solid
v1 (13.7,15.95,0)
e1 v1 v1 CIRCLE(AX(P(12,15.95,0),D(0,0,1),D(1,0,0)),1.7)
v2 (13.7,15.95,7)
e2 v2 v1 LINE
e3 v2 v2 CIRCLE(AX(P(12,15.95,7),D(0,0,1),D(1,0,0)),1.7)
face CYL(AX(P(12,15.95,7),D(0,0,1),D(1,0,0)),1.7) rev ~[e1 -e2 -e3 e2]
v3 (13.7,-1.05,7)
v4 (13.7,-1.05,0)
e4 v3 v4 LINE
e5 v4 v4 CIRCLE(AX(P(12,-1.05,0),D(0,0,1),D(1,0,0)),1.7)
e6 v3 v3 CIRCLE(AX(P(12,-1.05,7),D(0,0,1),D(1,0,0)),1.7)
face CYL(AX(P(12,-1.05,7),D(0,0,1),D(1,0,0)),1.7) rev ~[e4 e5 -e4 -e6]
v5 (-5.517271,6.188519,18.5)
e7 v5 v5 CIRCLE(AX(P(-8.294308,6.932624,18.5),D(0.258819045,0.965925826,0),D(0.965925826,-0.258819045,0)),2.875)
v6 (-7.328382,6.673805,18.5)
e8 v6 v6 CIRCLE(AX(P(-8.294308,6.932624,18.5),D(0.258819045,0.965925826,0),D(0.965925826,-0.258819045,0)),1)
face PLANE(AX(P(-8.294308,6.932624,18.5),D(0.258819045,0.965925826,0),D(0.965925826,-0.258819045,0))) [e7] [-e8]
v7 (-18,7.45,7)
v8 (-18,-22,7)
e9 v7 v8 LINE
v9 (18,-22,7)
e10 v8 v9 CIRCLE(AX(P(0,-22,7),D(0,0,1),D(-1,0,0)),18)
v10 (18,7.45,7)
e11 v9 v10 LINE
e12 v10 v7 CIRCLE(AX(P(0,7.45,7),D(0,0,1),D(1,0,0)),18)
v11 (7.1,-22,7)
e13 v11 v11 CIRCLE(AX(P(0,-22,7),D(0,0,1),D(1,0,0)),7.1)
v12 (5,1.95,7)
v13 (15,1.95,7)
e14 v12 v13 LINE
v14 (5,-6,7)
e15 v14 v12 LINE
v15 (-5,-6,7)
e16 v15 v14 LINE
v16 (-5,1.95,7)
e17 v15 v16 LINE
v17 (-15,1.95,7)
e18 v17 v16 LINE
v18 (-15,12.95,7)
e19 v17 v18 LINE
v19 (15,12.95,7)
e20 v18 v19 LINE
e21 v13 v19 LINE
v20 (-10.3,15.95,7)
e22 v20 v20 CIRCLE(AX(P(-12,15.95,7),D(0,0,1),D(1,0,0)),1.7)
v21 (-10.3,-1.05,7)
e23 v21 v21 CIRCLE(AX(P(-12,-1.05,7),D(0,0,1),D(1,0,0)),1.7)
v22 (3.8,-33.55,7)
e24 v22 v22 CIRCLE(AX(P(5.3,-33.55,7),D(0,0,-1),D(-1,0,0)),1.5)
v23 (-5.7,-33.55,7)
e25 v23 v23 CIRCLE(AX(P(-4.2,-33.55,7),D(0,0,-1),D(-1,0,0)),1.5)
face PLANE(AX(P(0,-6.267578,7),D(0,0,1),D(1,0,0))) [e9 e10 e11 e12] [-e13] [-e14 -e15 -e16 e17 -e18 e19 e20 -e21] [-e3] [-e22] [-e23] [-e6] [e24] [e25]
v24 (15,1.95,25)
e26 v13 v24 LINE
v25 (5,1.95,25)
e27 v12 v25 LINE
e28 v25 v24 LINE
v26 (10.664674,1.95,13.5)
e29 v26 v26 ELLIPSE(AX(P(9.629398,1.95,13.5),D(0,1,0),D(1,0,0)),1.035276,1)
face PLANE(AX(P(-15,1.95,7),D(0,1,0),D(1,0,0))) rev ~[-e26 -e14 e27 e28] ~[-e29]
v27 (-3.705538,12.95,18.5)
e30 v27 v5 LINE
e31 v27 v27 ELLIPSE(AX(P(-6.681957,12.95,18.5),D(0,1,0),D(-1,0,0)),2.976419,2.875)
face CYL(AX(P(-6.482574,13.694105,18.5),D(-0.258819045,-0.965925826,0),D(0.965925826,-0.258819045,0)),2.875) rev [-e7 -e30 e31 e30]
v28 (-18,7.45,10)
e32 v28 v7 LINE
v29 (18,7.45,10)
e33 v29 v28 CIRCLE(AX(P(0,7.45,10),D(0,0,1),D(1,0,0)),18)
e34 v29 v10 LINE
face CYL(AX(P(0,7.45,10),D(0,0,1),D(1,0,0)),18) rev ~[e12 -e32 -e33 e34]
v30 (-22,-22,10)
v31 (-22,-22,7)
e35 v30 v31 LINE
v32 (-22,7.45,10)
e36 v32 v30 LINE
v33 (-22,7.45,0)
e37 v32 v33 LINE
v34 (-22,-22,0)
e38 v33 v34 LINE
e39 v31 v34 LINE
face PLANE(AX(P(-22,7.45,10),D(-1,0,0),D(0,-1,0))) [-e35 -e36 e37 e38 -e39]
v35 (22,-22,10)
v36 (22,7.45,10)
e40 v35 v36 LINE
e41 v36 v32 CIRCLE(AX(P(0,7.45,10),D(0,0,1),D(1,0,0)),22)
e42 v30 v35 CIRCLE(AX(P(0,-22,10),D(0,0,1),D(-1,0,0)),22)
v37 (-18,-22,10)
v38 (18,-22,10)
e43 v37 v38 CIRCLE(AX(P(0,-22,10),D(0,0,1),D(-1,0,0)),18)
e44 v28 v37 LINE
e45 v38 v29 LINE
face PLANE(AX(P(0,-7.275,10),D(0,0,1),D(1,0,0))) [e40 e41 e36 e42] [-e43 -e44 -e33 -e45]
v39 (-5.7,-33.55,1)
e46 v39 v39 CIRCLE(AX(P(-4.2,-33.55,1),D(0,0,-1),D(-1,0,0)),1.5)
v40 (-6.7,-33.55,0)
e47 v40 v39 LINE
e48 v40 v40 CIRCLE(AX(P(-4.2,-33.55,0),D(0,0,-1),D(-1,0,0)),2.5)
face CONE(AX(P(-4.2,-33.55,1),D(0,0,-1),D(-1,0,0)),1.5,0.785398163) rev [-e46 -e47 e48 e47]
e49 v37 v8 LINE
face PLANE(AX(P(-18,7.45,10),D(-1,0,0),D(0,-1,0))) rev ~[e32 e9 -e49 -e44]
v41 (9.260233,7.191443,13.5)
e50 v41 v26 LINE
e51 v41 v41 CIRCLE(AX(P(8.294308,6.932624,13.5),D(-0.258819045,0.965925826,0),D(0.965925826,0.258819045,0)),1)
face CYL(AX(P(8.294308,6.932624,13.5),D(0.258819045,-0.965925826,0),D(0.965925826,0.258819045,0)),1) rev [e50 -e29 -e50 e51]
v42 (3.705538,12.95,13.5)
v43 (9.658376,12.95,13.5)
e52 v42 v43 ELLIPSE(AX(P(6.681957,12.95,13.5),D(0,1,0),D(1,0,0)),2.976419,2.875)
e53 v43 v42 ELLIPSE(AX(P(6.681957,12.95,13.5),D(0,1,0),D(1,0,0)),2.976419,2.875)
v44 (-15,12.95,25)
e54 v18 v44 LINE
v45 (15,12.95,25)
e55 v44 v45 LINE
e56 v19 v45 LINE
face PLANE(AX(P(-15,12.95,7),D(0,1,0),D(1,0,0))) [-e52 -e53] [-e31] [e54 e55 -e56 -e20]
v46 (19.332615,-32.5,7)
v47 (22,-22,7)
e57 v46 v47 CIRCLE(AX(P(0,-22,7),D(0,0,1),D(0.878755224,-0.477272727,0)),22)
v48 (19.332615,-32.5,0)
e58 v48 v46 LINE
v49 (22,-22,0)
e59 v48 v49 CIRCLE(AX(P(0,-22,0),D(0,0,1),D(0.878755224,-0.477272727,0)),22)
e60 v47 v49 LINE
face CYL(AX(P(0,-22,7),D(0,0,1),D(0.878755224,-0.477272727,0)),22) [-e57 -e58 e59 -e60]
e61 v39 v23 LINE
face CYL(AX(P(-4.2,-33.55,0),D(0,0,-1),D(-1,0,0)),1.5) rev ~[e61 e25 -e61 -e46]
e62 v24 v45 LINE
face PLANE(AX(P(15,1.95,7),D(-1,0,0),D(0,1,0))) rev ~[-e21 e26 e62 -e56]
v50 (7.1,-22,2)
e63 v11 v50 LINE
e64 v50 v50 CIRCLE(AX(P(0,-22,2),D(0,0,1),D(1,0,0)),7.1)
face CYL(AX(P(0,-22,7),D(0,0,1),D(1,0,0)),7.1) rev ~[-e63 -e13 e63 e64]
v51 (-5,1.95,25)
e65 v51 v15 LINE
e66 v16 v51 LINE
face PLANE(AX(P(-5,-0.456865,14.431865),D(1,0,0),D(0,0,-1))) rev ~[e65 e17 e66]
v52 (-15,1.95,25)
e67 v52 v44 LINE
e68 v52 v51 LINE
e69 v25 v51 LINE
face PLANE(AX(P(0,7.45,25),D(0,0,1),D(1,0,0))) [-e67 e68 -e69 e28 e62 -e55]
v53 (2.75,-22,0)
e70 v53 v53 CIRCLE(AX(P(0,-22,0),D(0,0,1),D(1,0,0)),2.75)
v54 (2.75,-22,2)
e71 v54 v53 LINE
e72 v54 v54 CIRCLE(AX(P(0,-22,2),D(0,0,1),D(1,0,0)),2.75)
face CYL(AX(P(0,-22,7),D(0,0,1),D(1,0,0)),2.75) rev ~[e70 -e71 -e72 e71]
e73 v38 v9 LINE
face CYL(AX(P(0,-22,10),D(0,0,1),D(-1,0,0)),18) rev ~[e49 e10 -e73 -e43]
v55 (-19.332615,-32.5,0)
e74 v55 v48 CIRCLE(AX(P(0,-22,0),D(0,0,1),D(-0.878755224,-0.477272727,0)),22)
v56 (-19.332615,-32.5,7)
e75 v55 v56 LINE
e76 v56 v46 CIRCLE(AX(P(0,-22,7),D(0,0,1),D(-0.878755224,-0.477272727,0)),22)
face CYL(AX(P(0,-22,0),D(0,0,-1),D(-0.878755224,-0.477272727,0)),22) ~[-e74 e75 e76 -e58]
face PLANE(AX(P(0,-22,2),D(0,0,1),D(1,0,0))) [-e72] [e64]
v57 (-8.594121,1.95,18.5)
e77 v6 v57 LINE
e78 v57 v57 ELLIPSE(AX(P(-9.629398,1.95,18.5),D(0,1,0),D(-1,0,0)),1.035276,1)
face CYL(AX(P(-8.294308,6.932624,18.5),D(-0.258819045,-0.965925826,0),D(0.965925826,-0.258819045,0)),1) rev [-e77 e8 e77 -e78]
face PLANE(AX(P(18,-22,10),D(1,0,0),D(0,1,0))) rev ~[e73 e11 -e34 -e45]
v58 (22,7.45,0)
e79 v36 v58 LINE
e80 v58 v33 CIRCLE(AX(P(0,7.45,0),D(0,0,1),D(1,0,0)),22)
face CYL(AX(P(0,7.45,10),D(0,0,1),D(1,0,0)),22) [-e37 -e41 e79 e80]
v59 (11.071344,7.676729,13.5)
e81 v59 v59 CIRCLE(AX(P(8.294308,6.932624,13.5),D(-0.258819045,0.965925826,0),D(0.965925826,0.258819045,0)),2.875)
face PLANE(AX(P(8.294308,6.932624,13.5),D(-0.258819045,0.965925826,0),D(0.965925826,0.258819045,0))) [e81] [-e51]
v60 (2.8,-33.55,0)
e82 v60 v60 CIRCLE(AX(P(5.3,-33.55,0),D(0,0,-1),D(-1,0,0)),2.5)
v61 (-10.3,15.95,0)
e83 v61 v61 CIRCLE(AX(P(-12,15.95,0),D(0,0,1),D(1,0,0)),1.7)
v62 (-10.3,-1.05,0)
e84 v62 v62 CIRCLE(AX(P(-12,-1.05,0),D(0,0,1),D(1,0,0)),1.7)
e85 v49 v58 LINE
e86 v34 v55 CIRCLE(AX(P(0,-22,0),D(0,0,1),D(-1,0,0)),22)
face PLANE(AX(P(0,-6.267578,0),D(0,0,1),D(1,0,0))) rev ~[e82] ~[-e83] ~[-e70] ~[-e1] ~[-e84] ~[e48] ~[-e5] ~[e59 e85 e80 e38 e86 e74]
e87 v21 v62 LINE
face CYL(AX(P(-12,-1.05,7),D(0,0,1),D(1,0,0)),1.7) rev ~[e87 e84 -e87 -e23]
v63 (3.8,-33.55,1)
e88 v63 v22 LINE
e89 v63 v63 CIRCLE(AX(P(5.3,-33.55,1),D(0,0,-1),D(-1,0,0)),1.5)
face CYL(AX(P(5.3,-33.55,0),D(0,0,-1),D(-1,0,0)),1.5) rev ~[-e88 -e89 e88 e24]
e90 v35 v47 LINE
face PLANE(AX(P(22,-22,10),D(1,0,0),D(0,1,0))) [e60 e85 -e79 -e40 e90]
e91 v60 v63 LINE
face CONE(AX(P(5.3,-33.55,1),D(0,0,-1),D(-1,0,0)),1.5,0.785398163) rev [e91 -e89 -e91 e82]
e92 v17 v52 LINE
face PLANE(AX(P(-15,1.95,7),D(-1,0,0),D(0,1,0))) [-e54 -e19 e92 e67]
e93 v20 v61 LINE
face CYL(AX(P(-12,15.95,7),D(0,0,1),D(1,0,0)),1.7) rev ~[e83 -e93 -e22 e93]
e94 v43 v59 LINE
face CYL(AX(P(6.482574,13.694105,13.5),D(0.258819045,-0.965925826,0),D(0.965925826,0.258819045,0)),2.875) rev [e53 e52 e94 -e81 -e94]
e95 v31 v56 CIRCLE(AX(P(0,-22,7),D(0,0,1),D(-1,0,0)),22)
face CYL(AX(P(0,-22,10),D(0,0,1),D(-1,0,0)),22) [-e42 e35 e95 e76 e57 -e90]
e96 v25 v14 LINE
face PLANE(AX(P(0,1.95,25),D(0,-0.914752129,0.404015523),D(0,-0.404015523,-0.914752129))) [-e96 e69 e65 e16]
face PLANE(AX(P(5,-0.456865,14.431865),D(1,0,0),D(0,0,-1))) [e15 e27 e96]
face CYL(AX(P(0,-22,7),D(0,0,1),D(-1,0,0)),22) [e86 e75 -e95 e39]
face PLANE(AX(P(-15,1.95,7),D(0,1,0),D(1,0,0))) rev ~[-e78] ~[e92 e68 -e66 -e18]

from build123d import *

# Parameters (mm, degrees)
BOSS_EXTRUDE1_DEPTH = 7
SKETCH2_R           = 2.75
CUT_EXTRUDE1_DEPTH  = 56.14752941
SKETCH3_R           = 7.1
CUT_EXTRUDE2_DEPTH  = 5
CUT_EXTRUDE3_REACH  = 57.148
SKETCH6_R           = 1.7
SKETCH9_W           = 30
SKETCH9_H           = 11
BOSS_EXTRUDE2_DEPTH = 18
SKETCH12_R          = 1.5
CUT_EXTRUDE5_DEPTH  = 61.143578211
CHAMFER2_SIZE       = 1
BOSS_EXTRUDE3_DEPTH = 5
CUT_EXTRUDE6_DEPTH  = 58.586890869
BOSS_EXTRUDE4_START = 3
BOSS_EXTRUDE4_DEPTH = 3


with BuildPart() as part:
    # Sketch1 → Boss-Extrude1 (new body)
    with BuildSketch(Plane.XY):
        with BuildLine():
            Line((-28.559544782, -15.511363636), (-19.332614929, -32.5))
            ThreePointArc((-19.332614929, -32.5), (0, -44), (19.332614929, -32.5))
            Line((19.332614929, -32.5), (28.559544782, -15.511363636))
            ThreePointArc((28.559544782, -15.511363636), (0, 32.5), (-28.559544782, -15.511363636))
        make_face()
    extrude(amount=BOSS_EXTRUDE1_DEPTH)

    # Sketch2 → Cut-Extrude1 (cut, through all)
    with BuildSketch(Plane.XY.offset(7)):
        with Locations((0, -22)):
            Circle(SKETCH2_R)
    extrude(amount=-CUT_EXTRUDE1_DEPTH, mode=Mode.SUBTRACT)

    # Sketch3 → Cut-Extrude2 (cut)
    with BuildSketch(Plane.XY.offset(7)):
        with Locations((0, -22)):
            Circle(SKETCH3_R)
    extrude(amount=-CUT_EXTRUDE2_DEPTH, mode=Mode.SUBTRACT)

    # Sketch6 → Cut-Extrude3 (cut, up to next)
    with BuildSketch(Plane.XY.offset(7), mode=Mode.PRIVATE) as cut_extrude3_sk1:
        with Locations((-12, 15.95)):
            Circle(SKETCH6_R)
    cut_extrude3_tool1 = extrude(cut_extrude3_sk1.sketch, amount=-CUT_EXTRUDE3_REACH, mode=Mode.PRIVATE) & part.part
    # Sketch6 → Cut-Extrude3 (cut, up to next)
    with BuildSketch(Plane.XY.offset(7), mode=Mode.PRIVATE) as cut_extrude3_sk2:
        with Locations((12, 15.95)):
            Circle(SKETCH6_R)
    cut_extrude3_tool2 = extrude(cut_extrude3_sk2.sketch, amount=-CUT_EXTRUDE3_REACH, mode=Mode.PRIVATE) & part.part
    # Sketch6 → Cut-Extrude3 (cut, up to next)
    with BuildSketch(Plane.XY.offset(7), mode=Mode.PRIVATE) as cut_extrude3_sk3:
        with Locations((-12, -1.05)):
            Circle(SKETCH6_R)
    cut_extrude3_tool3 = extrude(cut_extrude3_sk3.sketch, amount=-CUT_EXTRUDE3_REACH, mode=Mode.PRIVATE) & part.part
    # Sketch6 → Cut-Extrude3 (cut, up to next)
    with BuildSketch(Plane.XY.offset(7), mode=Mode.PRIVATE) as cut_extrude3_sk4:
        with Locations((12, -1.05)):
            Circle(SKETCH6_R)
    cut_extrude3_tool4 = extrude(cut_extrude3_sk4.sketch, amount=-CUT_EXTRUDE3_REACH, mode=Mode.PRIVATE) & part.part
    add(cut_extrude3_tool1.solids().sort_by_distance((-12, 15.95, 7))[0], mode=Mode.SUBTRACT)
    add(cut_extrude3_tool2.solids().sort_by_distance((12, 15.95, 7))[0], mode=Mode.SUBTRACT)
    add(cut_extrude3_tool3.solids().sort_by_distance((-12, -1.05, 7))[0], mode=Mode.SUBTRACT)
    add(cut_extrude3_tool4.solids().sort_by_distance((12, -1.05, 7))[0], mode=Mode.SUBTRACT)

    # Sketch9 → Boss-Extrude2 (add)
    with BuildSketch(Plane.XY.offset(7)):
        with Locations((0, 7.45)):
            Rectangle(SKETCH9_W, SKETCH9_H)
    extrude(amount=BOSS_EXTRUDE2_DEPTH)

    # Sketch10 → Cut-Revolve1 (revolve, cut)
    with BuildSketch(Plane.XY.offset(18.5)):
        Polygon((-10.364859929, -0.79478264), (-6.482574253, 13.694104755), (-9.259611003, 14.438209509), (-11.071344319, 7.676728725), (-9.260233395, 7.191443016), (-11.330785756, -0.535963595), align=None)
    revolve(axis=Axis((-10.364859929, -0.79478264, 18.5), (0.25881904510252135, 0.9659258262890681, 0)), mode=Mode.SUBTRACT)

    # Sketch11 → Cut-Revolve2 (revolve, cut)
    with BuildSketch(Plane.XY.offset(13.5)):
        Polygon((10.364859929, -0.79478264), (6.482574253, 13.694104755), (3.705537502, 12.95), (5.517270818, 6.188519216), (7.328381742, 6.673804926), (9.398934103, -1.053601685), align=None)
    revolve(axis=Axis((10.364859929, -0.79478264, 13.5), (-0.258819045102522, 0.965925826289068, 0)), mode=Mode.SUBTRACT)

    # Sketch12 → Cut-Extrude5 (cut, through all)
    with BuildSketch(Plane(origin=(0, 0, 0), x_dir=(-1, 0, 0), z_dir=(0, 0, -1))):
        with Locations((-5.3, -33.55)):
            Circle(SKETCH12_R)
        with Locations((4.2, -33.55)):
            Circle(SKETCH12_R)
    extrude(amount=-CUT_EXTRUDE5_DEPTH, mode=Mode.SUBTRACT)

    # Chamfer2
    chamfer2_edges = [part.edges().sort_by_distance(p)[0] for p in [
        (-2.7, -33.55, 0),
        (6.8, -33.55, 0),
    ]]
    chamfer(chamfer2_edges, length=CHAMFER2_SIZE)

    # Sketch13 → Boss-Extrude3 (add, symmetric)
    with BuildSketch(Plane(origin=(0, 0, 0), x_dir=(0, 0, -1), z_dir=(1, 0, 0))):
        Polygon((-25, 1.95), (-7, -6), (-7, 1.95), align=None)
    extrude(amount=BOSS_EXTRUDE3_DEPTH, both=True)

    # Sketch14 → Cut-Extrude6 (cut, through all)
    with BuildSketch(Plane.XY.offset(7)):
        with BuildLine():
            Line((-22, 7.45), (-22, -22))
            ThreePointArc((-22, -22), (-21.322728817, -27.416755097), (-19.332614929, -32.5))
            Line((-19.332614929, -32.5), (-28.559544782, -15.511363636))
            ThreePointArc((-28.559544782, -15.511363636), (0, 32.5), (28.559544782, -15.511363636))
            Line((28.559544782, -15.511363636), (19.332614929, -32.5))
            ThreePointArc((19.332614929, -32.5), (21.322728817, -27.416755097), (22, -22))
            Line((22, -22), (22, 7.45))
            ThreePointArc((22, 7.45), (0, 29.45), (-22, 7.45))
        make_face()
    extrude(amount=-CUT_EXTRUDE6_DEPTH, mode=Mode.SUBTRACT)

    # Sketch15 → Boss-Extrude4 (add)
    with BuildSketch(Plane.XY.offset(7).offset(BOSS_EXTRUDE4_START)):
        with BuildLine():
            Line((-22, 7.45), (-22, -22))
            ThreePointArc((-22, -22), (0, -44), (22, -22))
            Line((22, -22), (22, 7.45))
            ThreePointArc((22, 7.45), (0, 29.45), (-22, 7.45))
        make_face()
        with BuildLine():
            Line((-18, 7.45), (-18, -22))
            ThreePointArc((-18, -22), (0, -40), (18, -22))
            Line((18, -22), (18, 7.45))
            ThreePointArc((18, 7.45), (0, 25.45), (-18, 7.45))
        make_face(mode=Mode.SUBTRACT)
    extrude(amount=-BOSS_EXTRUDE4_DEPTH)


solid = part.part
